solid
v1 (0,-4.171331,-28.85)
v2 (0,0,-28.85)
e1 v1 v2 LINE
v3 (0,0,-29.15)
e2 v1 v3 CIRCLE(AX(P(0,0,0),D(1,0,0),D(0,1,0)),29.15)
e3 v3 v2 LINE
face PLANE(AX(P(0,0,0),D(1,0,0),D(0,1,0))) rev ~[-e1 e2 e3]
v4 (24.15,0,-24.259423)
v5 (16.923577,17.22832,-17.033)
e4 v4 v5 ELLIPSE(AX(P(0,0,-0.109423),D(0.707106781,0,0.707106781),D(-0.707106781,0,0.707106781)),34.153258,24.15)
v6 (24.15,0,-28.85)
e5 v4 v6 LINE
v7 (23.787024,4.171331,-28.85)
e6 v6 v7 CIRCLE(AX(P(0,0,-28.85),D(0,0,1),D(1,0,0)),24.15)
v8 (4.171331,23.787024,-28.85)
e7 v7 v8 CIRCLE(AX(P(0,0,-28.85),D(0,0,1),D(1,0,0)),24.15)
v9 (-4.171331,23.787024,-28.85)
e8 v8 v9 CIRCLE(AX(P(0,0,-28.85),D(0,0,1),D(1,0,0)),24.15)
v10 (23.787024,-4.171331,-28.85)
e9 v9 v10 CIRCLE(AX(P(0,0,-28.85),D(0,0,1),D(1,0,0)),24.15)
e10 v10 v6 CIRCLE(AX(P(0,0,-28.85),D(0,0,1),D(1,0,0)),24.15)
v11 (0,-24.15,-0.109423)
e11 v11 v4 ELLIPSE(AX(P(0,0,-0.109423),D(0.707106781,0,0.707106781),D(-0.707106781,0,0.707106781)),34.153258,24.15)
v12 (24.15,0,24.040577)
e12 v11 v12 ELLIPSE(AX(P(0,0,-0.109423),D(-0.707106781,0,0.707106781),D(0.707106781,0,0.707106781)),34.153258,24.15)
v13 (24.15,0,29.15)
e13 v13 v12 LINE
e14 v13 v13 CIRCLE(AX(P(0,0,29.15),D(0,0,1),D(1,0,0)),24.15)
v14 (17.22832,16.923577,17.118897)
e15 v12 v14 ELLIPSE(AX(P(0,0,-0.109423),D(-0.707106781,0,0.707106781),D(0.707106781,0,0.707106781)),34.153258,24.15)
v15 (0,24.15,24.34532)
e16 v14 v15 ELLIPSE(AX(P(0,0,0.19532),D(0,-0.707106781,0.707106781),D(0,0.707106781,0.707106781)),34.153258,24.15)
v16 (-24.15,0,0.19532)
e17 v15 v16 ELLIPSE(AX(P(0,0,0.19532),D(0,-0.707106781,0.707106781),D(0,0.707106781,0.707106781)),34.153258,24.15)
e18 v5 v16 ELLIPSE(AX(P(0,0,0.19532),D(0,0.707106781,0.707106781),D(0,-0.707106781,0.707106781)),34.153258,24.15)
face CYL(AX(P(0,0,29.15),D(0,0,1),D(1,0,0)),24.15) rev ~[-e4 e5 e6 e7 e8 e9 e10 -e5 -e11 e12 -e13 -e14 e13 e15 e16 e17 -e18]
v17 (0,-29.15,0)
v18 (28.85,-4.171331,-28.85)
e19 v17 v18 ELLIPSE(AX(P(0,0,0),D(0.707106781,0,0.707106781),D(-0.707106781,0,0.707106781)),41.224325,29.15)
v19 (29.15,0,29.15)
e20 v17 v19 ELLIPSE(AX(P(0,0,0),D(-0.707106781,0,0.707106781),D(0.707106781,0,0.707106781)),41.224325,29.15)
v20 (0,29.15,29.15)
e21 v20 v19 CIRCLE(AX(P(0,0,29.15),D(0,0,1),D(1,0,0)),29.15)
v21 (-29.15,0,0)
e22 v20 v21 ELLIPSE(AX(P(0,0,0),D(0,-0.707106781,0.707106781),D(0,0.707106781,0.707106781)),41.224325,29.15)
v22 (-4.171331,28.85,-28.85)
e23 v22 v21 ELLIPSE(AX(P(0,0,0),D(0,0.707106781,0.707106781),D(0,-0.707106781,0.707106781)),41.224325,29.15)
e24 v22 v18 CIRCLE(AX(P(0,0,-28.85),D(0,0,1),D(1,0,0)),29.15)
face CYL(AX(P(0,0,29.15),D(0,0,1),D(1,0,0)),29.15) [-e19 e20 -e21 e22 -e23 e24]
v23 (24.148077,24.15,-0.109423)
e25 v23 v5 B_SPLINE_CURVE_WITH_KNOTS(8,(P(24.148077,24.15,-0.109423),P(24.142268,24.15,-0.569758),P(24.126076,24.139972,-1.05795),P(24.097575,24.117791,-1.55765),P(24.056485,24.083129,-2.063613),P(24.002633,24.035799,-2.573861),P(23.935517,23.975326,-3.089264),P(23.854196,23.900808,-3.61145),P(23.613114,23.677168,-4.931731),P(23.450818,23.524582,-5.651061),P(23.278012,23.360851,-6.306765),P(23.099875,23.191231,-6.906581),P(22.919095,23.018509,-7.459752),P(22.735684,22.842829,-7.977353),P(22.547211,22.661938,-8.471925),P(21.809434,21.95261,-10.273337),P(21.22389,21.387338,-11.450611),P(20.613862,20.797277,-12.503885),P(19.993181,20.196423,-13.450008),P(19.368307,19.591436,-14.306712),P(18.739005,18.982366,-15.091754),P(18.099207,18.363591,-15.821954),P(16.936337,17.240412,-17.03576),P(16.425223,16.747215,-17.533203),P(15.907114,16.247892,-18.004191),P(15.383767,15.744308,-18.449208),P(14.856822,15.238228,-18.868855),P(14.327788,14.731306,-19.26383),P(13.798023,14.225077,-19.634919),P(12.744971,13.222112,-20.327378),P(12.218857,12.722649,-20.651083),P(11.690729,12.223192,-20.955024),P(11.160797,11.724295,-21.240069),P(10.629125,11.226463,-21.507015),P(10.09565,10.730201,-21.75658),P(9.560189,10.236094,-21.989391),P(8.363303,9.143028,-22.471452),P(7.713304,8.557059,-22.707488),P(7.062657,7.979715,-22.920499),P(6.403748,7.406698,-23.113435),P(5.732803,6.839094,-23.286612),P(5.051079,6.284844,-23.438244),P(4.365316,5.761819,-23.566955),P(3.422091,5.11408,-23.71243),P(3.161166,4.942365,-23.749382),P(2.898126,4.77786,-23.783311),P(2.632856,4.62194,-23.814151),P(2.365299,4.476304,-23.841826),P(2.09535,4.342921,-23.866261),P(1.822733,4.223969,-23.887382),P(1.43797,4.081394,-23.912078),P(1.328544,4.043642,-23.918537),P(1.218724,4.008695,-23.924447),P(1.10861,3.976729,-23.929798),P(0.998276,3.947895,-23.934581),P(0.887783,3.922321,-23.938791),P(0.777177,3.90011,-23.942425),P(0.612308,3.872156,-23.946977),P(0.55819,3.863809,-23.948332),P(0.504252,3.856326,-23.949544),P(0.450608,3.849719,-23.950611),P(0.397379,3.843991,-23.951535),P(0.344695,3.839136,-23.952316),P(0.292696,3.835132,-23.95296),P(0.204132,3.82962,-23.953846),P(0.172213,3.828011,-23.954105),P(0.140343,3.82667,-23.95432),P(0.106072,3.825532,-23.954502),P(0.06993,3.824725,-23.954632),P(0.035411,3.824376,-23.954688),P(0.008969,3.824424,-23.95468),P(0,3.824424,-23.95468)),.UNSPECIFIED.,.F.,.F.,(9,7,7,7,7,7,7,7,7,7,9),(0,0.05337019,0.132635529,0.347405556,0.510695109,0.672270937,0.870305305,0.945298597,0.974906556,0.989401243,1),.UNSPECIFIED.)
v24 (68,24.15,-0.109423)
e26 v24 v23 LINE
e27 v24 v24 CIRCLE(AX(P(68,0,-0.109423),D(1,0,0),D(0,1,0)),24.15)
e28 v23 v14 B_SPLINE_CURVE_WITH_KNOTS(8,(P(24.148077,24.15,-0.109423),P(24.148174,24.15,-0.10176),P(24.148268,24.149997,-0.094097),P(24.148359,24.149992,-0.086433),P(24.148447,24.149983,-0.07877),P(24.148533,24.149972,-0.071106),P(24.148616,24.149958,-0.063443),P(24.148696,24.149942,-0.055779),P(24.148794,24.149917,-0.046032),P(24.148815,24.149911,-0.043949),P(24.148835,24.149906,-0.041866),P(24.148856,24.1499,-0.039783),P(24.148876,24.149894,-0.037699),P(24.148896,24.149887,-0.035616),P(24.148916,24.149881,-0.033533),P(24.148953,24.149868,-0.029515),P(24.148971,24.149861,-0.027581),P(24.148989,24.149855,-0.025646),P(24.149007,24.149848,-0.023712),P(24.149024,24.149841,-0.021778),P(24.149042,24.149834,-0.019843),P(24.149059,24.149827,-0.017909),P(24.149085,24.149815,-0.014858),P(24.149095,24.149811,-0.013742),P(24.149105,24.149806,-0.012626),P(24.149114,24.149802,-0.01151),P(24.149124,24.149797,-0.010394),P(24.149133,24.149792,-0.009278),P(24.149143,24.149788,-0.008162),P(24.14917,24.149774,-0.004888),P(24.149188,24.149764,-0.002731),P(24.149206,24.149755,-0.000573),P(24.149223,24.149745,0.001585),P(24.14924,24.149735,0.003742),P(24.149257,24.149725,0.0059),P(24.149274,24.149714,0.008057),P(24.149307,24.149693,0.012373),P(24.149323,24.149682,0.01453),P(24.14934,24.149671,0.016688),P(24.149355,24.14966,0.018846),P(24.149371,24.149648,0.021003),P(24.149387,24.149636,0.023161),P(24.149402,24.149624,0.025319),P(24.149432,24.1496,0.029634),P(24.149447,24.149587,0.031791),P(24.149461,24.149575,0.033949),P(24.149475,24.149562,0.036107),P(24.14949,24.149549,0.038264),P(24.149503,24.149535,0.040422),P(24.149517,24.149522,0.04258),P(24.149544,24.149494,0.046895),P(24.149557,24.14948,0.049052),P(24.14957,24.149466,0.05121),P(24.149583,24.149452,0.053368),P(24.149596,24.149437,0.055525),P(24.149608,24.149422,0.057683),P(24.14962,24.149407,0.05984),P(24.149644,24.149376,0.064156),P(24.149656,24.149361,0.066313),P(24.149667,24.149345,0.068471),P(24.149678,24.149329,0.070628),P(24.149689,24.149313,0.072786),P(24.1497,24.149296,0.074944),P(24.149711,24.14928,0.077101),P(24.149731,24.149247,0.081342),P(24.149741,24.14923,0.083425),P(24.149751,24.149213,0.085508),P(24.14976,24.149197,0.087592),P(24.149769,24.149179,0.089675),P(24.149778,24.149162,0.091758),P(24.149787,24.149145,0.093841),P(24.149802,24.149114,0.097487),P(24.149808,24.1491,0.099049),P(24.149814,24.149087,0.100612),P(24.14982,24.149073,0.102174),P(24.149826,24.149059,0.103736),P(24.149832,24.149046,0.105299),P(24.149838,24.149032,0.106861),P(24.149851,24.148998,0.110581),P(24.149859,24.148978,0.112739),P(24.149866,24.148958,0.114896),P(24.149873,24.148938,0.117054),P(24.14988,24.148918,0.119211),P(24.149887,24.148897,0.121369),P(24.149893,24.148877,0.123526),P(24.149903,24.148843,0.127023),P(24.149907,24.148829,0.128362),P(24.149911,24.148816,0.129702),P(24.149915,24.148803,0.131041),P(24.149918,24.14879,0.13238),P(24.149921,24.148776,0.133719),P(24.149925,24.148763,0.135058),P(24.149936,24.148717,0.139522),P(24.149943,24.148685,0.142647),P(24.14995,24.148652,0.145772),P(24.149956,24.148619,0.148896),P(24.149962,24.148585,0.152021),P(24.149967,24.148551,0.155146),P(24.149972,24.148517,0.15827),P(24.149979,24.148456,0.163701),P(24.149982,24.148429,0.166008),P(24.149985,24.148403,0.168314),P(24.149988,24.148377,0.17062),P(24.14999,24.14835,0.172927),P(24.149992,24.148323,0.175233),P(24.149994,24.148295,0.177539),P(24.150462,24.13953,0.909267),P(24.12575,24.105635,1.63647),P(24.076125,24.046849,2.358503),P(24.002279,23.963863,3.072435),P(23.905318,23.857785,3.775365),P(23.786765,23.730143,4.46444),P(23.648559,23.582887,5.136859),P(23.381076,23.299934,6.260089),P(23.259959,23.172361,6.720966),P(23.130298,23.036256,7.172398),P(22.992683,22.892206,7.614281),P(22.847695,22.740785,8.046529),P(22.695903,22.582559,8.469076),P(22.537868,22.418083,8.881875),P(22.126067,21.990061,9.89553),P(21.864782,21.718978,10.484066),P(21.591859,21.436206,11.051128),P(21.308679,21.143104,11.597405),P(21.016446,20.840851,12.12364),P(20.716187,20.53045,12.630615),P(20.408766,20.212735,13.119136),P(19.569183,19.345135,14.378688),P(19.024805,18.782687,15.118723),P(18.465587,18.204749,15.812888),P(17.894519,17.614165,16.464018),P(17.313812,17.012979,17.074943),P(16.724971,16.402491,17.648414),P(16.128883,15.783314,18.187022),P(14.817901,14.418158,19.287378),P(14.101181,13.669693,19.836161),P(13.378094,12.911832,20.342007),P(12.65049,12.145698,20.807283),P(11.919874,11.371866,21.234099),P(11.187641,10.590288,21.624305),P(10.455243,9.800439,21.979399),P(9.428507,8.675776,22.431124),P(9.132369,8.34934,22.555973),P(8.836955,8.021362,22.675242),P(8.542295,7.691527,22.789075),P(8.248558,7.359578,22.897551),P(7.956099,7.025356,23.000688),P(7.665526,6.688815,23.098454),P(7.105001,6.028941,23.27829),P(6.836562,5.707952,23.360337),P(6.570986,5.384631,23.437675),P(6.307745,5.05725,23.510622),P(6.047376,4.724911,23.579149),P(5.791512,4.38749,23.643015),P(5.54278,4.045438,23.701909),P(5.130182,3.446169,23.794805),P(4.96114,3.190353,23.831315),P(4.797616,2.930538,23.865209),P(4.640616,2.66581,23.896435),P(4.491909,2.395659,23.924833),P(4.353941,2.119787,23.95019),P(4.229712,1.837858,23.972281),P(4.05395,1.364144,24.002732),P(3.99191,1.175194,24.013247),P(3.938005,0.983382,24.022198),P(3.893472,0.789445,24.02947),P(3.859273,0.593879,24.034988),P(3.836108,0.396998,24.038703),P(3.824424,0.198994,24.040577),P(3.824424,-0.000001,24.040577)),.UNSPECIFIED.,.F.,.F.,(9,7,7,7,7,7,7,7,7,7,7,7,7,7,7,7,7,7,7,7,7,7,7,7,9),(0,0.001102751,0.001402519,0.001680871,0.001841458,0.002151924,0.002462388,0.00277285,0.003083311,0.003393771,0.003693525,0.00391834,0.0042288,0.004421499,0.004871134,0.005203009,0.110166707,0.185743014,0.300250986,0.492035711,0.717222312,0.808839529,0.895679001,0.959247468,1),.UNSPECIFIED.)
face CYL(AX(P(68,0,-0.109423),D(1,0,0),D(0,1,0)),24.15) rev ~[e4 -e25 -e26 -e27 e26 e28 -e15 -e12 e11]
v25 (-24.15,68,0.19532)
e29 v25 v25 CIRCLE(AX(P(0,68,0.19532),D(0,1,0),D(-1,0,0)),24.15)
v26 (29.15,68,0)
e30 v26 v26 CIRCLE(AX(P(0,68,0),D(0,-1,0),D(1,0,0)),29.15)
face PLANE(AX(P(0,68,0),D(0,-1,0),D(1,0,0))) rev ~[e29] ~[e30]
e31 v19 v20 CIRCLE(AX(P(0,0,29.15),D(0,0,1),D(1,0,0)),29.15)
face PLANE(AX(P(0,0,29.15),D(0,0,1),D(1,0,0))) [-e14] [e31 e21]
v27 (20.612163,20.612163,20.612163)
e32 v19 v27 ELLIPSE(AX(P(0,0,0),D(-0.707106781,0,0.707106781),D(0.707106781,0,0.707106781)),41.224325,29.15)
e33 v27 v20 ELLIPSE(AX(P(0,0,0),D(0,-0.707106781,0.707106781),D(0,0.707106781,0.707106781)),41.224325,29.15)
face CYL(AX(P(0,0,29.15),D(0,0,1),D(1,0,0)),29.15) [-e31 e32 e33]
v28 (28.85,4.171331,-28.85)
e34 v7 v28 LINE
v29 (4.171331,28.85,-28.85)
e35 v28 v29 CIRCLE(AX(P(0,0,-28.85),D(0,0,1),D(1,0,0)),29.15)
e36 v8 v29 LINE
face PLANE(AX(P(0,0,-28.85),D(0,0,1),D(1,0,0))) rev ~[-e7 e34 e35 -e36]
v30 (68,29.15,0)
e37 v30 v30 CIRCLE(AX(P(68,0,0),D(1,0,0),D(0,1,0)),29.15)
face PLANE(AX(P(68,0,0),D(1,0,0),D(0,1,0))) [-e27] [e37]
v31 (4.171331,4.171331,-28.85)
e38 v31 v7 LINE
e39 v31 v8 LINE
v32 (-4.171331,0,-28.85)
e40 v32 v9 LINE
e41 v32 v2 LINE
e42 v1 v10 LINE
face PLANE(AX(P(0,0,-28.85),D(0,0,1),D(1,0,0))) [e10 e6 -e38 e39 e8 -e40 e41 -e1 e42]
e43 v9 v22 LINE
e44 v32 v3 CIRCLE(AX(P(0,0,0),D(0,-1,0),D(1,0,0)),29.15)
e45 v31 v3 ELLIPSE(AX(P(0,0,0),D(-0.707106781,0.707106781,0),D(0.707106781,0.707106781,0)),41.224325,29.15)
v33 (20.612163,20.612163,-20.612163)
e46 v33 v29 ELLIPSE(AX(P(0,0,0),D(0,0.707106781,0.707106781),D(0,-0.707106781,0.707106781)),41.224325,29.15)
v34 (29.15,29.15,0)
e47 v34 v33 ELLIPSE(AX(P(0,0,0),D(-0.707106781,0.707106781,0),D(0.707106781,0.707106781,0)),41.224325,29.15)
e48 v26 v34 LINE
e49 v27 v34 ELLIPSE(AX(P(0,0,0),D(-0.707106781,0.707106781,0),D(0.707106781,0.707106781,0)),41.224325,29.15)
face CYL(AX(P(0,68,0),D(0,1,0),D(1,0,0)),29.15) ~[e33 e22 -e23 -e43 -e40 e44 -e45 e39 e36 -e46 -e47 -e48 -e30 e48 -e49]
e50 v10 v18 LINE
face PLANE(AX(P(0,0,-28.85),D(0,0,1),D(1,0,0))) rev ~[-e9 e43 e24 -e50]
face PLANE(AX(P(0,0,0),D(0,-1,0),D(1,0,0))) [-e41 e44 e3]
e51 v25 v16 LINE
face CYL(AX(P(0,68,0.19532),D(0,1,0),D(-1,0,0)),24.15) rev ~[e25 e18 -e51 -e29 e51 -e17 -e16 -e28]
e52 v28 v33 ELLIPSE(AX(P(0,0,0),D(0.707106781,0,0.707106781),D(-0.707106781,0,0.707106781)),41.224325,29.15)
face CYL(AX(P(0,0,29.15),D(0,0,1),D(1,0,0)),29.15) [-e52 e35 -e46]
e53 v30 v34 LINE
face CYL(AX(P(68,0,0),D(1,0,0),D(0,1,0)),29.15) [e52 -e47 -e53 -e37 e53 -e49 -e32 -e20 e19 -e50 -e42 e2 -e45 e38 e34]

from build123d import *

# Parameters (mm, degrees)
SKETCH_R        = 29.15
PAD_DEPTH       = 58
SKETCH001_R     = 29.15
PAD001_DEPTH    = 68
SKETCH002_R     = 29.15
PAD002_DEPTH    = 68
SKETCH003_R     = 24.15
POCKET_DEPTH    = 58
SKETCH004_R     = 24.15
POCKET001_DEPTH = 68
SKETCH005_R     = 24.15
POCKET002_DEPTH = 68


with BuildPart() as part:
    # Sketch → Pad (new body)
    with BuildSketch(Plane.XY.offset(29.15)):
        Circle(SKETCH_R)
    extrude(amount=-PAD_DEPTH)

    # Sketch001 → Pad001 (join)
    with BuildSketch(Plane.XZ.offset(-68)):
        Circle(SKETCH001_R)
    extrude(amount=PAD001_DEPTH)

    # Sketch002 → Pad002 (join)
    with BuildSketch(Plane.YZ.offset(68)):
        Circle(SKETCH002_R)
    extrude(amount=-PAD002_DEPTH)

    # Sketch003 (on Face5 of Pad002) → Pocket (cut)
    with BuildSketch(Plane.XY.offset(29.15)):
        Circle(SKETCH003_R)
    extrude(amount=-POCKET_DEPTH, mode=Mode.SUBTRACT)

    # Sketch004 (on Face15 of Pocket) → Pocket001 (cut)
    with BuildSketch(Plane(origin=(68, 0, 29.15), x_dir=(0, 1, 0), z_dir=(1, 0, 0))):
        with Locations((0, -29.259423)):
            Circle(SKETCH004_R)
    extrude(amount=-POCKET001_DEPTH, mode=Mode.SUBTRACT)

    # Sketch005 (on Face7 of Pocket001) → Pocket002 (cut)
    with BuildSketch(Plane(origin=(0, 68, 29.15), x_dir=(-1, 0, 0), z_dir=(0, 1, 0))):
        with Locations((0, -28.95468)):
            Circle(SKETCH005_R)
    extrude(amount=-POCKET002_DEPTH, mode=Mode.SUBTRACT)


solid = part.part
